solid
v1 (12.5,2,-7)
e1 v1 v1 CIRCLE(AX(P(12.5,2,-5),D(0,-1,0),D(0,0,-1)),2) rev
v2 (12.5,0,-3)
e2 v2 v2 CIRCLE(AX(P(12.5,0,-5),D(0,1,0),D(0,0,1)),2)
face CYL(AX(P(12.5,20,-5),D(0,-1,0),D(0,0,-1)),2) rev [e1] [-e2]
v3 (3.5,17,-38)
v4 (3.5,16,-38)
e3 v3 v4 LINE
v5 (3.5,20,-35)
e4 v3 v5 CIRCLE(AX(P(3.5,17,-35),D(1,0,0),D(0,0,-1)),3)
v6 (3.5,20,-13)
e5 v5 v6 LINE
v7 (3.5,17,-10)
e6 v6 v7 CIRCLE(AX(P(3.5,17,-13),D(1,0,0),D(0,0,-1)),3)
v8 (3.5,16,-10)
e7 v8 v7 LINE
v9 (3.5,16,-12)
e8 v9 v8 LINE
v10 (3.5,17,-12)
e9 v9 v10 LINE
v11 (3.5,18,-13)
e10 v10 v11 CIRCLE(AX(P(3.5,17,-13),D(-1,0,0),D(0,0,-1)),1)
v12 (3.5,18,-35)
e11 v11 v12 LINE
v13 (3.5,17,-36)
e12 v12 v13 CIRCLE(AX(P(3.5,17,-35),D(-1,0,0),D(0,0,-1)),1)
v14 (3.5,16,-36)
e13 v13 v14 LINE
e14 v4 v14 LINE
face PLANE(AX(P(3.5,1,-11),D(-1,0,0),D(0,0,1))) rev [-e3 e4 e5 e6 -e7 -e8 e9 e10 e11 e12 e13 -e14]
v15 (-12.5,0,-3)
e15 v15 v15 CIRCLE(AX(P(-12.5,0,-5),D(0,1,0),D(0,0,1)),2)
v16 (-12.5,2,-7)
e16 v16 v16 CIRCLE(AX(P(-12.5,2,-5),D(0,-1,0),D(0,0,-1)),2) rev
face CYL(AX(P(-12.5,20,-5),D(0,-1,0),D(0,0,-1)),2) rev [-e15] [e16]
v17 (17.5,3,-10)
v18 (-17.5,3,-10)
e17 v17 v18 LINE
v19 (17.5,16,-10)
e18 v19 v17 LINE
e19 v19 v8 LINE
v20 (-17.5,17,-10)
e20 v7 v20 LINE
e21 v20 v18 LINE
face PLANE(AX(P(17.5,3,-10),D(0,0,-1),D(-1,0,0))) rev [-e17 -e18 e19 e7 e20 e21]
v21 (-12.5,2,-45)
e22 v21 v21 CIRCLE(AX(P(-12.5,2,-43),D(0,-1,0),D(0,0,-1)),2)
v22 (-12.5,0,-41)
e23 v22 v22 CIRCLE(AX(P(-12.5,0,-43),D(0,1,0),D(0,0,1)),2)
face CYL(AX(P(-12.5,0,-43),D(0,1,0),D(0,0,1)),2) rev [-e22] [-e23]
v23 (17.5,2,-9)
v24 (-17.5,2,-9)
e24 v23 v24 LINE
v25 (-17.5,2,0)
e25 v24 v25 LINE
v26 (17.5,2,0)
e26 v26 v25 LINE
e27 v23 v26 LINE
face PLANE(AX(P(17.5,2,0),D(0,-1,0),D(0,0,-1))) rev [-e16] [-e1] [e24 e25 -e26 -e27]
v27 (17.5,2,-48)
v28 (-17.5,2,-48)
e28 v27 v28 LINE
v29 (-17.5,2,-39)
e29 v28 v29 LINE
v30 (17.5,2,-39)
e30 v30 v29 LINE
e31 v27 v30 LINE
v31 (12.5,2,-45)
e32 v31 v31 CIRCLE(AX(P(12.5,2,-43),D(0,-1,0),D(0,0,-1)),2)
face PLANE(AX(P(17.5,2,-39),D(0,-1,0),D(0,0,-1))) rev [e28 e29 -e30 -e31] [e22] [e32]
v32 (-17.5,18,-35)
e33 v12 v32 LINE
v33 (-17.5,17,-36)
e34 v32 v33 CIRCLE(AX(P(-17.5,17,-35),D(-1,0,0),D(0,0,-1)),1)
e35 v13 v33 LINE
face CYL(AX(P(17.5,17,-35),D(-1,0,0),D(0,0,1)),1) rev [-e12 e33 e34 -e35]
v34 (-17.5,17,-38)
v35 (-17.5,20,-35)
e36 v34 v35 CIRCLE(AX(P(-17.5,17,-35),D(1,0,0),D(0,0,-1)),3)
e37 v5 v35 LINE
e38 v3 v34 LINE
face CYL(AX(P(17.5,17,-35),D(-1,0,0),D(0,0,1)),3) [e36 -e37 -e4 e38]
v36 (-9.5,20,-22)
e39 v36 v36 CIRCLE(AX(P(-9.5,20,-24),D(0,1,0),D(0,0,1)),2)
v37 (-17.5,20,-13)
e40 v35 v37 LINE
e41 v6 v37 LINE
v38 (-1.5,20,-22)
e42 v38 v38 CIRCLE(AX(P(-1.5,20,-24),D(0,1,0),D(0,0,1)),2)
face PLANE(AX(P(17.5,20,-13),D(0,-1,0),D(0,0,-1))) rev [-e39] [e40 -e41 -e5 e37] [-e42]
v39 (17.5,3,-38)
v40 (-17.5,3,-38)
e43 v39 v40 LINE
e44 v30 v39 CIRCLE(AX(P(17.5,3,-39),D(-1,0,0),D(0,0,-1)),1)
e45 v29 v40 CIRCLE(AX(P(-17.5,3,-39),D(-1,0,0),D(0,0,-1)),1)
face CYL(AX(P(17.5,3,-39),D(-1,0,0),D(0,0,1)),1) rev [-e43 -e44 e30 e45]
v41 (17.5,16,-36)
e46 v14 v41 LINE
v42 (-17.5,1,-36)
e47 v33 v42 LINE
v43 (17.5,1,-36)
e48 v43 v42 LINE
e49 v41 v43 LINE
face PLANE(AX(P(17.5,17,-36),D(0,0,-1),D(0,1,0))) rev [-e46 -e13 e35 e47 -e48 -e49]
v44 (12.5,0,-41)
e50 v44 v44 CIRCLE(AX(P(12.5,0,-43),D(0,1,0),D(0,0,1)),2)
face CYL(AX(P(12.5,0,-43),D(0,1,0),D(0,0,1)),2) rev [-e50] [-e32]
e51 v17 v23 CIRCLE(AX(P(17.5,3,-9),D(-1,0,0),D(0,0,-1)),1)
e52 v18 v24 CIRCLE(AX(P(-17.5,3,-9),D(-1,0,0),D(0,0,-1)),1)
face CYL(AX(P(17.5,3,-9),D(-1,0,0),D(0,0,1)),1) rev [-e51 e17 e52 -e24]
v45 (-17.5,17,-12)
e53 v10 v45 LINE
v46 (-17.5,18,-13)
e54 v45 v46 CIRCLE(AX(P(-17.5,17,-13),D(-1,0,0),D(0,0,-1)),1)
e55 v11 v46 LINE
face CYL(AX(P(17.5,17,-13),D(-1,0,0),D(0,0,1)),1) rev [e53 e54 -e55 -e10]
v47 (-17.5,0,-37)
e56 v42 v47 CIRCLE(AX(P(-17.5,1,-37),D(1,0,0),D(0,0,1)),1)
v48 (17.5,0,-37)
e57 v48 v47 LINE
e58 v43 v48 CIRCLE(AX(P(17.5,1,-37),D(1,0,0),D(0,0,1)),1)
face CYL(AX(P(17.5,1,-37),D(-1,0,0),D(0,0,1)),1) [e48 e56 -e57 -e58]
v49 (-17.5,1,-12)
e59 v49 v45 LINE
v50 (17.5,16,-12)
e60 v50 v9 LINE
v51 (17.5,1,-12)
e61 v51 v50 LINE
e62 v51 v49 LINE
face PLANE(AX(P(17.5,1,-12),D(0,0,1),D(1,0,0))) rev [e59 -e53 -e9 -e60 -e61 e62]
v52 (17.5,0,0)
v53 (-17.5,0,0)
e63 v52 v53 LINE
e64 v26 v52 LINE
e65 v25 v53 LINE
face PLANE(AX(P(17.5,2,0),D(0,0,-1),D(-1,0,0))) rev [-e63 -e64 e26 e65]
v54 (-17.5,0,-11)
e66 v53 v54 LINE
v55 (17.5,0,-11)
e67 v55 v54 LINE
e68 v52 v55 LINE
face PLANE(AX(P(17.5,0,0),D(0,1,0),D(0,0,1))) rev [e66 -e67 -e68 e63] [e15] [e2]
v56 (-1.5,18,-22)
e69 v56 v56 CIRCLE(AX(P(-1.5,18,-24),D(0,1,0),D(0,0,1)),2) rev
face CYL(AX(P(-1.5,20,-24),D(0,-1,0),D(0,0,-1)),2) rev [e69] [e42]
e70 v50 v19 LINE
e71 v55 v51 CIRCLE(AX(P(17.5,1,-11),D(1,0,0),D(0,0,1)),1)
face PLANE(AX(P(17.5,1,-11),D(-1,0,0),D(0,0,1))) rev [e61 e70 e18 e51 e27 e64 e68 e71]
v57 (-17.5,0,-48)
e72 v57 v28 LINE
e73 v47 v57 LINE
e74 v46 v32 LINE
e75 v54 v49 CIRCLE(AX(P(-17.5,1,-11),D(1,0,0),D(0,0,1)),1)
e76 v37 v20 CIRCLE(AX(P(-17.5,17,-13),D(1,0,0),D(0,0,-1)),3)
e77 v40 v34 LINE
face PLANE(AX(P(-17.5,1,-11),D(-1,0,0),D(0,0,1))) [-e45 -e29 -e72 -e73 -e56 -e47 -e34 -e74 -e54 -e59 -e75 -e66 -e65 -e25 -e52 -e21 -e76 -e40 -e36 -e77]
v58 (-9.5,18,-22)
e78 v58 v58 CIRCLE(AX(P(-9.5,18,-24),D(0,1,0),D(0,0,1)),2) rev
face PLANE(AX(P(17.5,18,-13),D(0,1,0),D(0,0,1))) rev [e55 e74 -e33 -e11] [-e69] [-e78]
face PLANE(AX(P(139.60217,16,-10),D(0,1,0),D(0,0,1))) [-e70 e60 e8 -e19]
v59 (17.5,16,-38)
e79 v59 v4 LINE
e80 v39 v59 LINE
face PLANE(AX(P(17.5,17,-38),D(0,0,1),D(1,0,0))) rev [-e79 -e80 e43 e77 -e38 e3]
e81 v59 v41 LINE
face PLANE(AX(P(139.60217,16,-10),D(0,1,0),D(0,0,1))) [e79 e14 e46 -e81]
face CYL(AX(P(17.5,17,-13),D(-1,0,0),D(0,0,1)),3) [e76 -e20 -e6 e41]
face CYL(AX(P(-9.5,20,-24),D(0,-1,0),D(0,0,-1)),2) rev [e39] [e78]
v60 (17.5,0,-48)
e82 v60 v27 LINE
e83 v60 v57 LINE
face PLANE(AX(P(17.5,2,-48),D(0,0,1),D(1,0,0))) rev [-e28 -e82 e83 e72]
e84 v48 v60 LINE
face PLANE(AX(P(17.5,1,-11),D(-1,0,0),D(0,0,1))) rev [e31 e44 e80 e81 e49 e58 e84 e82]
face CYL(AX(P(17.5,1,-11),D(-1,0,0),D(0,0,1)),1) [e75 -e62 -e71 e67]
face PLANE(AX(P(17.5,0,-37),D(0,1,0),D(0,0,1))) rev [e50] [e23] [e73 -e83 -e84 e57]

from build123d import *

# Parameters (mm, degrees)
BOSS_EXTRUDE1_DEPTH     = 17.5
CUT_EXTRUDE2_DEPTH      = 63.681735777
CUT_EXTRUDE2_DEPTH_BACK = 14
CUT_EXTRUDE3_DEPTH      = 55.16871791
CUT_EXTRUDE3_DEPTH_BACK = 55.16871791
SKETCH4_R               = 2
CUT_EXTRUDE5_DEPTH      = 55.16871791
CUT_EXTRUDE5_DEPTH_BACK = 55.16871791
SKETCH6_R               = 2


with BuildPart() as part:
    # Sketch1 → Boss-Extrude1 (new, symmetric)
    with BuildSketch(Plane(origin=(0, 0, 0), x_dir=(0, 0, -1), z_dir=(1, 0, 0))):
        with BuildLine():
            Line((0, 0), (11, 0))
            ThreePointArc((11, 0), (11.707106781, 0.292893219), (12, 1))
            Line((12, 1), (12, 17))
            ThreePointArc((12, 17), (12.292893219, 17.707106781), (13, 18))
            Line((13, 18), (35, 18))
            ThreePointArc((35, 18), (35.707106781, 17.707106781), (36, 17))
            Line((36, 17), (36, 1))
            ThreePointArc((36, 1), (36.292893219, 0.292893219), (37, 0))
            Line((37, 0), (48, 0))
            Line((48, 0), (48, 2))
            Line((48, 2), (39, 2))
            ThreePointArc((39, 2), (38.292893219, 2.292893219), (38, 3))
            Line((38, 3), (38, 17))
            ThreePointArc((38, 17), (37.121320344, 19.121320344), (35, 20))
            Line((35, 20), (13, 20))
            ThreePointArc((13, 20), (10.878679656, 19.121320344), (10, 17))
            Line((10, 17), (10, 3))
            ThreePointArc((10, 3), (9.707106781, 2.292893219), (9, 2))
            Line((9, 2), (0, 2))
            Line((0, 2), (0, 0))
        make_face()
    extrude(amount=BOSS_EXTRUDE1_DEPTH, both=True)

    # Sketch3 → Cut-Extrude2 (cut, two sides: drawn at the far end of the back side and taken through both)
    with BuildSketch(Plane(origin=(17.5, 0, 0), x_dir=(0, 0, -1), z_dir=(1, 0, 0)).offset(-CUT_EXTRUDE2_DEPTH_BACK)):
        with BuildLine():
            Line((10, 17), (10, 16))
            Line((10, 16), (12, 16))
            Line((12, 16), (12, 17))
            ThreePointArc((12, 17), (12.292893219, 17.707106781), (13, 18))
            Line((13, 18), (35, 18))
            ThreePointArc((35, 18), (35.707106781, 17.707106781), (36, 17))
            Line((36, 17), (36, 16))
            Line((36, 16), (38, 16))
            Line((38, 16), (38, 17))
            ThreePointArc((38, 17), (37.121320344, 19.121320344), (35, 20))
            Line((35, 20), (13, 20))
            ThreePointArc((13, 20), (10.878679656, 19.121320344), (10, 17))
        make_face()
    extrude(amount=CUT_EXTRUDE2_DEPTH + CUT_EXTRUDE2_DEPTH_BACK, mode=Mode.SUBTRACT)

    # Sketch4 → Cut-Extrude3 (cut, two sides: drawn at the far end of the back side and taken through both)
    with BuildSketch(Plane(origin=(0, 2, 0), x_dir=(1, 0, 0), z_dir=(0, 1, 0)).offset(-CUT_EXTRUDE3_DEPTH_BACK)):
        with Locations(Location((-12.5, 43, 0), (0, 0, 270))):
            Circle(SKETCH4_R)
        with Locations(Location((12.5, 43, 0), (0, 0, 270))):
            Circle(SKETCH4_R)
    extrude(amount=CUT_EXTRUDE3_DEPTH + CUT_EXTRUDE3_DEPTH_BACK, mode=Mode.SUBTRACT)

    # Sketch6 → Cut-Extrude5 (cut, two sides: drawn at the far end of the back side and taken through both)
    with BuildSketch(Plane(origin=(0, 2, 0), x_dir=(1, 0, 0), z_dir=(0, 1, 0)).offset(-CUT_EXTRUDE5_DEPTH_BACK)):
        with Locations(Location((-12.5, 5, 0), (0, 0, 90))):
            Circle(SKETCH6_R)
        with Locations(Location((12.5, 5, 0), (0, 0, 90))):
            Circle(SKETCH6_R)
        with Locations(Location((-9.5, 24, 0), (0, 0, 270))):
            Circle(SKETCH6_R)
        with Locations(Location((-1.5, 24, 0), (0, 0, 270))):
            Circle(SKETCH6_R)
    extrude(amount=CUT_EXTRUDE5_DEPTH + CUT_EXTRUDE5_DEPTH_BACK, mode=Mode.SUBTRACT)


solid = part.part
